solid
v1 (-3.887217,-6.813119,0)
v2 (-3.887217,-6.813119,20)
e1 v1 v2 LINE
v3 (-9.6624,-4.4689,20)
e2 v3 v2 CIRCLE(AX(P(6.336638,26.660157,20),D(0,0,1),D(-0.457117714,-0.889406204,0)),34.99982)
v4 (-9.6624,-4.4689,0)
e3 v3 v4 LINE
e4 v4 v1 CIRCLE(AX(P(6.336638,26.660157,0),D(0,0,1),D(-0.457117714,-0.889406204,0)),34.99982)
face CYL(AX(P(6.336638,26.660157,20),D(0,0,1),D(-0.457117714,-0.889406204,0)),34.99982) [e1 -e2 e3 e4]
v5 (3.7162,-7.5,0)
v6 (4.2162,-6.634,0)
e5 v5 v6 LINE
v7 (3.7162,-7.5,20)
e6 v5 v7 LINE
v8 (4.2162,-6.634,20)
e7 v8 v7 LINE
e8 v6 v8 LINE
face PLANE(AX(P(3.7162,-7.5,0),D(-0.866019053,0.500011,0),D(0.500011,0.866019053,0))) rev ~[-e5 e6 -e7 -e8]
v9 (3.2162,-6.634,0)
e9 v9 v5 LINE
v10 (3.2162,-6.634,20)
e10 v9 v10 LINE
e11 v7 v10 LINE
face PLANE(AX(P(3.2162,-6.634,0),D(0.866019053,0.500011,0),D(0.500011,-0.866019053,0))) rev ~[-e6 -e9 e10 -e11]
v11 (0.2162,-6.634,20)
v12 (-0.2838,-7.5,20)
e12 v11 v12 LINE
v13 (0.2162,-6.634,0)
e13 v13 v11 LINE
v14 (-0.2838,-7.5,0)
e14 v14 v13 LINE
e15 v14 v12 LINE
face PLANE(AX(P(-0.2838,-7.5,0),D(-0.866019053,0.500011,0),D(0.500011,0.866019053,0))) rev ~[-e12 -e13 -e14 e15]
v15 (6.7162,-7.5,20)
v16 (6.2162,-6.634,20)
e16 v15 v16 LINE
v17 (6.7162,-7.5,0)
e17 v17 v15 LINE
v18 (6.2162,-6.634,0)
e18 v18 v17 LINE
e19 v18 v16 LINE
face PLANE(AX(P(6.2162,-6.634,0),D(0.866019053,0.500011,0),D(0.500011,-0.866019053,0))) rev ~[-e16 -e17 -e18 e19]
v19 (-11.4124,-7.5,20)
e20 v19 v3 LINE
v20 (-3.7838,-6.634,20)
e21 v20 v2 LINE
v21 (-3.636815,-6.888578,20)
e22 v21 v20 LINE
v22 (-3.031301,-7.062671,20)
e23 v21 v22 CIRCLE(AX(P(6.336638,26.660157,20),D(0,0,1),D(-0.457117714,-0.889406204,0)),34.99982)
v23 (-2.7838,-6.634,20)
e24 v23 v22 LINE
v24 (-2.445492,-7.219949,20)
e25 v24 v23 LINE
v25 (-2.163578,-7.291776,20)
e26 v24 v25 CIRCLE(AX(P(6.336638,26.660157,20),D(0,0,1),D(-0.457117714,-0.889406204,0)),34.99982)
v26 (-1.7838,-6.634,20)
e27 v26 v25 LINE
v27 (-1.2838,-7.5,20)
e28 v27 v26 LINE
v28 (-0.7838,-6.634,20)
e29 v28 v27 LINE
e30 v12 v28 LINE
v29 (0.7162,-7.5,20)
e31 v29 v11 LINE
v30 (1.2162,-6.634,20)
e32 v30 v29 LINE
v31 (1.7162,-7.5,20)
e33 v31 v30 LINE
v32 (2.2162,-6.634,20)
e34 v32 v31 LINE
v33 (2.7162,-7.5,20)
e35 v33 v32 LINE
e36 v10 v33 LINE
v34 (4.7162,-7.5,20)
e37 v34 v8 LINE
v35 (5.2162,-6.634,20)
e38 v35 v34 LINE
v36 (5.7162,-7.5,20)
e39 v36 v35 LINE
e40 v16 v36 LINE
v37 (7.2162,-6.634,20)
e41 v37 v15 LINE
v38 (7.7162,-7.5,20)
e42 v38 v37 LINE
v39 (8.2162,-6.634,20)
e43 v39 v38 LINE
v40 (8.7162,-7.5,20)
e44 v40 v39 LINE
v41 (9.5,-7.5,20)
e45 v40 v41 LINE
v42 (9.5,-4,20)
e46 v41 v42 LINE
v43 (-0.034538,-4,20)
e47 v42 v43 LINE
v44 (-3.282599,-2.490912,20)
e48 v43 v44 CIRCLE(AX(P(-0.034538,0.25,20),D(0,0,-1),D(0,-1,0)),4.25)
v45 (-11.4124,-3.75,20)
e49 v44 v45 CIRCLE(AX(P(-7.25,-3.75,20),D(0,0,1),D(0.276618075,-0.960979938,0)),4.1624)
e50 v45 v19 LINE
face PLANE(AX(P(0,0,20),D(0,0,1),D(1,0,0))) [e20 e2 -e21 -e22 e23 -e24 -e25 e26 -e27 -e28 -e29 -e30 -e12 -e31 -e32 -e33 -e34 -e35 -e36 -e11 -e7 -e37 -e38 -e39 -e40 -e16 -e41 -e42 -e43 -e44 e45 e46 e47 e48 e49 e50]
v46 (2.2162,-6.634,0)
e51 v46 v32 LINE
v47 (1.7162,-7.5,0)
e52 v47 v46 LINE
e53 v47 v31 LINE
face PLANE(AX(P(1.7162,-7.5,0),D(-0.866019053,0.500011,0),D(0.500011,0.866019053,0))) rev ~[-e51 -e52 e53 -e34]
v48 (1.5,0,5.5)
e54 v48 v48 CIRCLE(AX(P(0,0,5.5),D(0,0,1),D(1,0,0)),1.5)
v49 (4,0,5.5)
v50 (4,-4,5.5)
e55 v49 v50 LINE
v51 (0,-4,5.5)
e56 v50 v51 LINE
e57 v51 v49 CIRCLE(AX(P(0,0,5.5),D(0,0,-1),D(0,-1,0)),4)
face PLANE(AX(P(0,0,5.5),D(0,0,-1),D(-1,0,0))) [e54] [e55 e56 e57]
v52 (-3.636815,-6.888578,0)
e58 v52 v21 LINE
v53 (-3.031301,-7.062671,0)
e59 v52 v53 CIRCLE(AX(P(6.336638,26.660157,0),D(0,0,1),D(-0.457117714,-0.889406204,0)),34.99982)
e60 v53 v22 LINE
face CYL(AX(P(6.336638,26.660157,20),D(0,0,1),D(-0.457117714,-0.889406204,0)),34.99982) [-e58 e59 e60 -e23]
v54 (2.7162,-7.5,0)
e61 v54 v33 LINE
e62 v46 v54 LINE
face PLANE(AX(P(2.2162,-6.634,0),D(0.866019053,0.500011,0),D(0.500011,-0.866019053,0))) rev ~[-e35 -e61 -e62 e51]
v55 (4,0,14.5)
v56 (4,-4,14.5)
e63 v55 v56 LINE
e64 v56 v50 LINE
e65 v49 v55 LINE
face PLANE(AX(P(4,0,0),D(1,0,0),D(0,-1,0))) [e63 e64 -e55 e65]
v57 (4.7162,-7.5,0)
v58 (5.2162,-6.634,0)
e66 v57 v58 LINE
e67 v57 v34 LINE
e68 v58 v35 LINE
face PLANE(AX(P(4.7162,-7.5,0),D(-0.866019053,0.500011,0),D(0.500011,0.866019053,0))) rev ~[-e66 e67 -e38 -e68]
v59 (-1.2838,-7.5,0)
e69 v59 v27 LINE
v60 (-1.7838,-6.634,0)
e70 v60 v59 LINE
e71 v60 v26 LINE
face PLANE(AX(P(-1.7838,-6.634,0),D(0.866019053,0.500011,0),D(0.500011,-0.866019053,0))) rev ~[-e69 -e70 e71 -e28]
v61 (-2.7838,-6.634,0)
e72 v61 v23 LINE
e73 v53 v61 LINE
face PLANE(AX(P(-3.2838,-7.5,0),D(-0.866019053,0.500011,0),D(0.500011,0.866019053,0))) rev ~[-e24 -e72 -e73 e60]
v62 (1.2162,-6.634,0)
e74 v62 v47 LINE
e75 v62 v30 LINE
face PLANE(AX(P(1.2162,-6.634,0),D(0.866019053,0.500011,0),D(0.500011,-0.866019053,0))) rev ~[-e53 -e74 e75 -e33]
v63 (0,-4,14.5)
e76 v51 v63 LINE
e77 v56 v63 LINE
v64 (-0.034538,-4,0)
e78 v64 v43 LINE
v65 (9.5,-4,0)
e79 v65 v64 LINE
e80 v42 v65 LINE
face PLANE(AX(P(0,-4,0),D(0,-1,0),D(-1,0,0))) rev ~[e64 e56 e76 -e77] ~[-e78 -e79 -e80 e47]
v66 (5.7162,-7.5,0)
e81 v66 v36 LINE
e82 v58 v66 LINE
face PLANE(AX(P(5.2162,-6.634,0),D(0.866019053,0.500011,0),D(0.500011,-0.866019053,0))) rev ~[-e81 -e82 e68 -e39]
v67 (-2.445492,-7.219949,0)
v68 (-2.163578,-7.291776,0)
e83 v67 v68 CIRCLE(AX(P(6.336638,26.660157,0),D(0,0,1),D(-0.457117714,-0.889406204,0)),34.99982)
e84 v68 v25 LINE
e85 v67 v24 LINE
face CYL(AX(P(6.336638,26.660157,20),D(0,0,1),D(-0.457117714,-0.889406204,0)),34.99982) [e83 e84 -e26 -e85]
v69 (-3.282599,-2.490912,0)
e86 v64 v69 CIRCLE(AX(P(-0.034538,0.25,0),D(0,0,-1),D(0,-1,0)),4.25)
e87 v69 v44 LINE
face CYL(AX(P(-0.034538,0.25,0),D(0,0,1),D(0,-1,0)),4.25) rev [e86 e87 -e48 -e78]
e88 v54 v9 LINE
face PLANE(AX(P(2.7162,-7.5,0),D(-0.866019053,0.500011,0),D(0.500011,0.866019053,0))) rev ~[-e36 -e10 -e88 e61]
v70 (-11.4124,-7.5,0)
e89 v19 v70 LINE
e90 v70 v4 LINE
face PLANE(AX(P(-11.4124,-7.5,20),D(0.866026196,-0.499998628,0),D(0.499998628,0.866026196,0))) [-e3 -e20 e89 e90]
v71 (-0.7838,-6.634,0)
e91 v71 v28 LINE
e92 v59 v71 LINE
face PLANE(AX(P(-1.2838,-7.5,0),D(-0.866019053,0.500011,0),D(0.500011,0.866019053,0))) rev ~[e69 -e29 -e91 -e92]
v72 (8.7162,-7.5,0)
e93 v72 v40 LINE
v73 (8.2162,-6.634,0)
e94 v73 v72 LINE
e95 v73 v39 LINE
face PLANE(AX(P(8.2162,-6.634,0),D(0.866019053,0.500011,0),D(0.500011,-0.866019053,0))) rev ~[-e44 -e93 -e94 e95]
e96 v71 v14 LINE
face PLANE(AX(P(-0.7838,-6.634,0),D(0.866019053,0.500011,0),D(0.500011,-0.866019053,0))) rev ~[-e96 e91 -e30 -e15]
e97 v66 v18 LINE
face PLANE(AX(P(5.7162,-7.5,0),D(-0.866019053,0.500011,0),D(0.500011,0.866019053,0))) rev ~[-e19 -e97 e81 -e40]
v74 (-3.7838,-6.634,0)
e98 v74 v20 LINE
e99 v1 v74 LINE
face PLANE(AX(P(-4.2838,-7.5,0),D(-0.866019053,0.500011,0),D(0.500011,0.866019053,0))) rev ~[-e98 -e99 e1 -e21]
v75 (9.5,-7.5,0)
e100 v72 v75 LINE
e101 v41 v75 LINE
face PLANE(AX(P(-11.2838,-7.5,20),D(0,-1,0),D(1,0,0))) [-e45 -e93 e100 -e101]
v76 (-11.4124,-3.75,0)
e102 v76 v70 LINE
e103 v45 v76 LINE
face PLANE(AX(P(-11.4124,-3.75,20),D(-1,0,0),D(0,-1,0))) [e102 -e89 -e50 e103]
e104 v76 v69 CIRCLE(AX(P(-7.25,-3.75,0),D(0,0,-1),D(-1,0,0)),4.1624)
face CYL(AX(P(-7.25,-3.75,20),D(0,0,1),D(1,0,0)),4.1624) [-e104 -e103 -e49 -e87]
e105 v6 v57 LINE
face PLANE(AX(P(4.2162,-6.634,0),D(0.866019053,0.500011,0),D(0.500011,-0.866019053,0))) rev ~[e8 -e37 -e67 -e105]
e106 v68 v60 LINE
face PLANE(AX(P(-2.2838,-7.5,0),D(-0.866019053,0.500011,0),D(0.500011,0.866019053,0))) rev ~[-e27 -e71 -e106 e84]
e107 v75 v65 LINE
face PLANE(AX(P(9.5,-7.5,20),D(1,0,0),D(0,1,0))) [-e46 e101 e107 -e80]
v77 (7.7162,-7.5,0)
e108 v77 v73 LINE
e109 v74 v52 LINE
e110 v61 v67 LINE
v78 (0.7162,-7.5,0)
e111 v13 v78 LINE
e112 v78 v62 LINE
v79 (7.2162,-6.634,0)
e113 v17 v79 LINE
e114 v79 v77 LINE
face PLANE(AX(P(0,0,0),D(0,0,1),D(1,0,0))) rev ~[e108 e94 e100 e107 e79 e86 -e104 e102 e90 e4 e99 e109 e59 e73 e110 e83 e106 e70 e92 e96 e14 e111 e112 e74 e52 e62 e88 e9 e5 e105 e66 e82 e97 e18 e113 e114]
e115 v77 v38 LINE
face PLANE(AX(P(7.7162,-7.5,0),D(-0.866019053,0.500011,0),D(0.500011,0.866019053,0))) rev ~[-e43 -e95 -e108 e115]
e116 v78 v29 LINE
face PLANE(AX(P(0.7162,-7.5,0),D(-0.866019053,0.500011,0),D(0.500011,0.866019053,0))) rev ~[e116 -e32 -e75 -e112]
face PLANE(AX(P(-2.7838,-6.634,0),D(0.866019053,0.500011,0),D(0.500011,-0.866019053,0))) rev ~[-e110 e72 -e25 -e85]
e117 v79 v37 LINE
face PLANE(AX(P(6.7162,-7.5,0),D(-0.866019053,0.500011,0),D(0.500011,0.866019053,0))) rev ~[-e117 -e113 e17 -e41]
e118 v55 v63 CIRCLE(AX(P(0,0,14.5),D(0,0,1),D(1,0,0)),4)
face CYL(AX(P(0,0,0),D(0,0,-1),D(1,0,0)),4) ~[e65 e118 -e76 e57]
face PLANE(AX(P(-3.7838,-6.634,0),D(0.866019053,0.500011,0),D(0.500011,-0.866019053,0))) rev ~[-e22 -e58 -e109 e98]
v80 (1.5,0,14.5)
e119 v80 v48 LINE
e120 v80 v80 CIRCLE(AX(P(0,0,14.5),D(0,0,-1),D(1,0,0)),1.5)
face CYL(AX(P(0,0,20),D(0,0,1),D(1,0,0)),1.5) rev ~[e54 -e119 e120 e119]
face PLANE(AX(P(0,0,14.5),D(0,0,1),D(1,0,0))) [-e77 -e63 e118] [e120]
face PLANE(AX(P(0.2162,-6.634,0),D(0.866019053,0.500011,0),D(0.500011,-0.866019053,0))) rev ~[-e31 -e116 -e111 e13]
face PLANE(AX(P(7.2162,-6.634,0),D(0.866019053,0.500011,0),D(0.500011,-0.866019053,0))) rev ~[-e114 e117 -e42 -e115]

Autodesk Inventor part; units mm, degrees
ref_plane "YZ Plane" through (0, 0, 0) normal (1, 0, 0) x (0, 1, 0)
ref_plane "XZ Plane" through (0, 0, 0) normal (0, 1, 0) x (-1, 0, 0)
ref_plane "XY Plane" through (0, 0, 0) normal (0, 0, 1) x (1, 0, 0)
sketch "Sketch23" plane through (0, 0, 0) normal (0, 0, 1) x (1, 0, 0)
  arc A0 (4, 0) -> (0, -4) centre (0, 0) ccw
  line L0 (-4, 0) -> (4, 0)
  line L1 (4, 0) -> (4, -4.25)
  line L2 (0, -4) -> (-3.2578, -4)
  line L3 (-4, -1.4182) -> (-4, 0)
  line L4 (10.5, -4.25) -> (10.5, -7.75)
  line L5 (10.5, -7.75) -> (-4.5, -7.75)
  line L6 (-7.75, -4.25) -> (-7.25, -4.25)
  line L7 (-3.2578, -4) -> (0, -4)
  line L8 (4, -4.25) -> (10.5, -4.25)
  line L9 (-7.25, -4.25) -> (-7.25, -3.75)
  arc A1 (-3.2578, -4) -> (-11.25, -3.75) centre (-7.25, -3.75) ccw
  line L10 (-11.25, -3.75) -> (-11.25, -7.75)
  line L11 (-7.25, -7.75) -> (-11.25, -7.75)
  line L12 (-7.25, -7.75) -> (-4.5, -7.75)
  dimension "d140" = 8
  dimension "d141" = 15
  dimension "d142" = 3.5
  dimension "d143" = 4.25
  dimension "d166" = 0.5
  dimension "d167" = 8
extrude "Extrusion25" add sketch "Sketch23" along normal blind 20 contours L0 A0 | L1 L8 L4 L5 L12 L11 L10 A1 L2 A0 L0
sketch "Sketch30" plane through (0, 0, 20) normal (0, 0, 1) x (1, 0, 0)
  circle A0 centre (0, 0) radius 1.5
  dimension "d168" = 3
extrude "Extrusion30" cut sketch "Sketch30" against normal through all
sketch "Sketch31" plane through (0, 0, 20) normal (0, 0, 1) x (1, 0, 0)
  line L0 (0, -4) -> (10.5, -4)
  line L1 (10.5, -7.75) -> (10.5, -4.25) projected
  line L2 (10.5, -4) -> (10.5, -7.75)
  line L3 (-11.25, -7.75) -> (10.5, -7.75) projected
  line L4 (0, -4) -> (10.5, -4)
  line L5 (10.5, -4) -> (10.5, -7.75)
  line L6 (10.5, -7.75) -> (0, -7.75)
  line L7 (0, -7.75) -> (0, -4)
  point P0 (0, 0)
  point P1 (0, -7.75)
extrude "Extrusion31" add sketch "Sketch31" against normal up to surface (20 mm away)
sketch "Sketch32" plane through (0, 0, 20) normal (0, 0, 1) x (1, 0, 0)
  circle A0 centre (0, 0) radius 4
  line L0 (4, -4) -> (10.5, -4) projected
  line L1 (0, 0) -> (4, 0)
  line L2 (4, 0) -> (4, -4)
  line L3 (4, -4) -> (0, -4)
  line L4 (0, -4) -> (0, 0)
  circle A1 centre (0, 0) radius 1.5
extrude "Extrusion32" cut sketch "Sketch32" against normal blind 5.5 contours L1 A1 L4 A0 | L2 L3 A0 | A0 L4 A1 L1
sketch "Sketch33" plane through (0, 0, 0) normal (0, 0, -1) x (-1, 0, 0)
  circle A0 centre (0, 0) radius 4
  circle A1 centre (0, 0) radius 1.5
  line L0 (-10.5, -4) -> (3.2578, -4) projected
  line L1 (0, 0) -> (-4, 0)
  line L2 (-4, 0) -> (-4, -4)
  line L3 (-4, -4) -> (0, -4)
  line L4 (0, -4) -> (0, 0)
  point P0 (0, -4)
extrude "Extrusion33" cut sketch "Sketch33" against normal blind 5.5 contours A0 L4 A1 L1 | L1 A1 L4 A0 | A0 L0 L2
fillet "Fillet3" radius 4.25 1 edges at (-3.2578, -4, 10)
sketch "Sketch34" plane through (0, 0, 20) normal (0, 0, 1) x (1, 0, 0)
  arc A0 (-3.7516, -1.8106) -> (-11.25, -3.75) centre (-7.25, -3.75) ccw projected
  circle A1 centre (-7.25, -3.75) radius 4.1624
  arc A2 (4, 0) -> (0, -4) centre (0, 0) ccw projected
  line L0 (-11.25, -7.75) -> (10.5, -7.75) projected
  line L1 (-8.4014, -7.75) -> (-6.0986, -7.75)
  line L2 (-11.25, -3.75) -> (-11.25, -7.75) projected
  arc A3 (-11.4124, -3.75) -> (-11.25, -7.75) centre (8.552, -4.9427) ccw
  line L3 (-11.25, -7.75) -> (-6.0986, -7.75)
  dimension "d185" = 20
extrude "Extrusion36" add sketch "Sketch34" against normal up to surface (20 mm away) contours L0 L2 A1 | A1 L0 | L2 A3 A1 picked at (-6.2004, -2.965)
sketch "Sketch35" plane through (0, 0, 20) normal (0, 0, 1) x (1, 0, 0)
  line L0 (10.5, -7.75) -> (10.5, -4) projected
  arc A0 (-11.4124, -3.75) -> (-11.25, -7.75) centre (8.552, -4.9427) ccw projected
  line L1 (10.5, -7.75) -> (-11.2838, -7.75)
  line L2 (-11.2838, -7.75) -> (-11.2838, -7.5)
  line L3 (-11.2838, -7.5) -> (10.5, -7.5)
  line L4 (10.5, -7.5) -> (10.5, -7.75)
  point P0 (0, 0)
  point P1 (10.5, -7.5)
  point P2 (-11.25, -7.75)
  dimension "d188" = 0.25
extrude "Extrusion37" cut sketch "Sketch35" against normal through all contours L1 A0 L3 L0
sketch "Sketch36" plane through (0, 0, 20) normal (0, 0, 1) x (1, 0, 0)
  line L0 (-11.2838, -7.5) -> (10.5, -7.5) projected
  line L1 (10.5, -4) -> (-0.0346, -4) projected
  line L2 (10.5, -7.5) -> (9.5, -7.5)
  line L3 (9.5, -7.5) -> (9.5, -4)
  line L4 (9.5, -4) -> (10.5, -4)
  line L5 (10.5, -4) -> (10.5, -7.5)
  point P0 (0, 0)
  dimension "d191" = 1
extrude "Extrusion38" cut sketch "Sketch36" against normal through all
sketch "Sketch38" plane through (0, 0, 0) normal (0, 0, -1) x (-1, 0, 0)
  arc A0 (11.2838, -7.5) -> (11.4124, -3.75) centre (-8.552, -4.9427) ccw projected
  line L0 (11.2838, -7.5) -> (10.7838, -6.634)
  line L1 (11.2838, -7.5) -> (12.2838, -7.5) construction
  line L2 (10.7838, -6.634) -> (10.2838, -7.5)
  line L3 (-9.5, -7.5) -> (11.2838, -7.5) projected
  line L4 (10.2838, -7.5) -> (9.7838, -6.634)
  line L5 (9.7838, -6.634) -> (9.2838, -7.5)
  line L6 (9.2838, -7.5) -> (8.7838, -6.634)
  line L7 (8.7838, -6.634) -> (8.2838, -7.5)
  line L8 (8.2838, -7.5) -> (7.7838, -6.634)
  line L9 (7.7838, -6.634) -> (7.2838, -7.5)
  line L10 (7.2838, -7.5) -> (6.7838, -6.634)
  line L11 (6.7838, -6.634) -> (6.2838, -7.5)
  line L12 (6.2838, -7.5) -> (5.7838, -6.634)
  line L13 (5.7838, -6.634) -> (5.2838, -7.5)
  line L14 (5.2838, -7.5) -> (4.7838, -6.634)
  line L15 (4.7838, -6.634) -> (4.2838, -7.5)
  line L16 (4.2838, -7.5) -> (3.7838, -6.634)
  line L17 (3.7838, -6.634) -> (3.2838, -7.5)
  line L18 (3.2838, -7.5) -> (2.7838, -6.634)
  line L19 (2.7838, -6.634) -> (2.2838, -7.5)
  line L20 (2.2838, -7.5) -> (1.7838, -6.634)
  line L21 (1.7838, -6.634) -> (1.2838, -7.5)
  line L22 (1.2838, -7.5) -> (0.7838, -6.634)
  line L23 (0.7838, -6.634) -> (0.2838, -7.5)
  line L24 (0.2838, -7.5) -> (-0.2162, -6.634)
  line L25 (-0.2162, -6.634) -> (-0.7162, -7.5)
  line L26 (-0.7162, -7.5) -> (-1.2162, -6.634)
  line L27 (-1.2162, -6.634) -> (-1.7162, -7.5)
  line L28 (-1.7162, -7.5) -> (-2.2162, -6.634)
  line L29 (-2.2162, -6.634) -> (-2.7162, -7.5)
  line L30 (-2.7162, -7.5) -> (-3.2162, -6.634)
  line L31 (-3.2162, -6.634) -> (-3.7162, -7.5)
  line L32 (-3.7162, -7.5) -> (-4.2162, -6.634)
  line L33 (-4.2162, -6.634) -> (-4.7162, -7.5)
  line L34 (-4.7162, -7.5) -> (-5.2162, -6.634)
  line L35 (-5.2162, -6.634) -> (-5.7162, -7.5)
  line L36 (-5.7162, -7.5) -> (-6.2162, -6.634)
  line L37 (-6.2162, -6.634) -> (-6.7162, -7.5)
  line L38 (-6.7162, -7.5) -> (-7.2162, -6.634)
  line L39 (-7.2162, -6.634) -> (-7.7162, -7.5)
  line L40 (-7.7162, -7.5) -> (-8.2162, -6.634)
  line L41 (-8.2162, -6.634) -> (-8.7162, -7.5)
  line L42 (11.2838, -7.5) -> (-8.7162, -7.5)
  point P0 (0, 0)
  dimension "d205" = 1
  dimension "d206" = 120
  dimension "d209" = 1
extrude "Extrusion40" cut sketch "Sketch38" against normal through all
sketch "Sketch39" plane through (0, 0, 20) normal (0, 0, 1) x (1, 0, 0)
  arc A0 (-11.4124, -3.75) -> (-11.2838, -7.5) centre (8.552, -4.9427) ccw projected
  line L0 (-11.4124, -3.75) -> (-11.4124, -7.5)
  line L1 (-10.7838, -6.634) -> (-11.2838, -7.5) projected
  line L2 (-11.4124, -7.5) -> (-10.7838, -6.634)
  line L3 (-10.7838, -6.634) -> (-11.4124, -3.75)
  point P0 (0, 0)
  point P1 (-11.4124, -6.1353)
  point P2 (-11.3027, -7.3489)
extrude "Extrusion41" add sketch "Sketch39" against normal up to surface (20 mm away) contours L3 L2 A0 L0 | A0 L2 L0
sketch "Sketch40" plane through (0, 0, 20) normal (0, 0, 1) x (1, 0, 0)
  line L0 (-11.4124, -6.1353) -> (-11.4124, -7.5) projected
  line L1 (-11.4124, -7.5) -> (-11.4124, 0)
  line L2 (-11.4124, -7.5) -> (-3.9124, -7.5) construction
  line L3 (-11.4124, 0) -> (-12.4534, 0)
  line L4 (-12.4534, 0) -> (-12.4534, -7.5)
  line L5 (-12.4534, -7.5) -> (-11.4124, -7.5)
  line L6 (-11.4124, -7.5) -> (-10.7811, -6.63)
  line L7 (-11.4124, -7.5) -> (-10.3375, -7.5) construction
  line L8 (-10.7811, -6.63) -> (-10.7811, -7.5)
  line L9 (-11.4124, -7.5) -> (-10.7811, -7.5)
  point P0 (0, 0)
  dimension "d218" = 90
  dimension "d219" = 54.03
extrude "Extrusion42" cut sketch "Sketch40" against normal through all
sketch "Sketch41" plane through (0, 0, 20) normal (0, 0, 1) x (1, 0, 0)
  line L0 (-11.4124, -7.5) -> (-11.4124, -3.75) projected
  line L1 (-11.4124, -7.5) -> (-10.2377, -5.8814)
  line L2 (-11.4124, -7.5) -> (-9.4124, -7.5) construction
  line L3 (-9.7838, -6.634) -> (-10.2838, -7.5) projected
  line L4 (-10.2377, -5.8814) -> (-10.2838, -7.5)
  line L5 (-10.2838, -7.5) -> (-10.7839, -6.6339)
  line L6 (-10.2838, -7.5) -> (-10.7811, -6.6388) projected
  point P0 (0, 0)
  dimension "d222" = 2
  dimension "d223" = 54.03
extrude "Extrusion43" cut sketch "Sketch41" against normal through all
sketch "Sketch42" plane through (0, 0, 20) normal (0, 0, 1) x (1, 0, 0)
  line L0 (-11.3027, -7.3489) -> (-11.4124, -7.5) projected
  line L1 (-11.4124, -7.5) -> (-9.6624, -4.4689)
  line L2 (-11.4124, -7.5) -> (-7.9124, -7.5) construction
  line L3 (-9.2838, -7.5) -> (-8.7838, -6.634) projected
  line L4 (-9.6624, -4.4689) -> (-9.2838, -7.5)
  line L5 (-11.4124, -7.5) -> (-11.4124, -3.75) projected
  line L6 (-9.2838, -7.5) -> (-11.4124, -7.5)
  arc A0 (-9.6624, -4.4689) -> (-1.2838, -7.5) centre (6.3367, 26.6603) ccw
  line L7 (-9.2838, -7.5) -> (-9.7838, -6.634) projected
  line L8 (-9.2838, -7.5) -> (-1.2838, -7.5)
  point P0 (0, 0)
  point P1 (-1.2838, -7.5)
  dimension "d226" = 3.5
  dimension "d227" = 60
  dimension "d230" = 35
extrude "Extrusion44" cut sketch "Sketch42" against normal through all
properties part number "Nail"
